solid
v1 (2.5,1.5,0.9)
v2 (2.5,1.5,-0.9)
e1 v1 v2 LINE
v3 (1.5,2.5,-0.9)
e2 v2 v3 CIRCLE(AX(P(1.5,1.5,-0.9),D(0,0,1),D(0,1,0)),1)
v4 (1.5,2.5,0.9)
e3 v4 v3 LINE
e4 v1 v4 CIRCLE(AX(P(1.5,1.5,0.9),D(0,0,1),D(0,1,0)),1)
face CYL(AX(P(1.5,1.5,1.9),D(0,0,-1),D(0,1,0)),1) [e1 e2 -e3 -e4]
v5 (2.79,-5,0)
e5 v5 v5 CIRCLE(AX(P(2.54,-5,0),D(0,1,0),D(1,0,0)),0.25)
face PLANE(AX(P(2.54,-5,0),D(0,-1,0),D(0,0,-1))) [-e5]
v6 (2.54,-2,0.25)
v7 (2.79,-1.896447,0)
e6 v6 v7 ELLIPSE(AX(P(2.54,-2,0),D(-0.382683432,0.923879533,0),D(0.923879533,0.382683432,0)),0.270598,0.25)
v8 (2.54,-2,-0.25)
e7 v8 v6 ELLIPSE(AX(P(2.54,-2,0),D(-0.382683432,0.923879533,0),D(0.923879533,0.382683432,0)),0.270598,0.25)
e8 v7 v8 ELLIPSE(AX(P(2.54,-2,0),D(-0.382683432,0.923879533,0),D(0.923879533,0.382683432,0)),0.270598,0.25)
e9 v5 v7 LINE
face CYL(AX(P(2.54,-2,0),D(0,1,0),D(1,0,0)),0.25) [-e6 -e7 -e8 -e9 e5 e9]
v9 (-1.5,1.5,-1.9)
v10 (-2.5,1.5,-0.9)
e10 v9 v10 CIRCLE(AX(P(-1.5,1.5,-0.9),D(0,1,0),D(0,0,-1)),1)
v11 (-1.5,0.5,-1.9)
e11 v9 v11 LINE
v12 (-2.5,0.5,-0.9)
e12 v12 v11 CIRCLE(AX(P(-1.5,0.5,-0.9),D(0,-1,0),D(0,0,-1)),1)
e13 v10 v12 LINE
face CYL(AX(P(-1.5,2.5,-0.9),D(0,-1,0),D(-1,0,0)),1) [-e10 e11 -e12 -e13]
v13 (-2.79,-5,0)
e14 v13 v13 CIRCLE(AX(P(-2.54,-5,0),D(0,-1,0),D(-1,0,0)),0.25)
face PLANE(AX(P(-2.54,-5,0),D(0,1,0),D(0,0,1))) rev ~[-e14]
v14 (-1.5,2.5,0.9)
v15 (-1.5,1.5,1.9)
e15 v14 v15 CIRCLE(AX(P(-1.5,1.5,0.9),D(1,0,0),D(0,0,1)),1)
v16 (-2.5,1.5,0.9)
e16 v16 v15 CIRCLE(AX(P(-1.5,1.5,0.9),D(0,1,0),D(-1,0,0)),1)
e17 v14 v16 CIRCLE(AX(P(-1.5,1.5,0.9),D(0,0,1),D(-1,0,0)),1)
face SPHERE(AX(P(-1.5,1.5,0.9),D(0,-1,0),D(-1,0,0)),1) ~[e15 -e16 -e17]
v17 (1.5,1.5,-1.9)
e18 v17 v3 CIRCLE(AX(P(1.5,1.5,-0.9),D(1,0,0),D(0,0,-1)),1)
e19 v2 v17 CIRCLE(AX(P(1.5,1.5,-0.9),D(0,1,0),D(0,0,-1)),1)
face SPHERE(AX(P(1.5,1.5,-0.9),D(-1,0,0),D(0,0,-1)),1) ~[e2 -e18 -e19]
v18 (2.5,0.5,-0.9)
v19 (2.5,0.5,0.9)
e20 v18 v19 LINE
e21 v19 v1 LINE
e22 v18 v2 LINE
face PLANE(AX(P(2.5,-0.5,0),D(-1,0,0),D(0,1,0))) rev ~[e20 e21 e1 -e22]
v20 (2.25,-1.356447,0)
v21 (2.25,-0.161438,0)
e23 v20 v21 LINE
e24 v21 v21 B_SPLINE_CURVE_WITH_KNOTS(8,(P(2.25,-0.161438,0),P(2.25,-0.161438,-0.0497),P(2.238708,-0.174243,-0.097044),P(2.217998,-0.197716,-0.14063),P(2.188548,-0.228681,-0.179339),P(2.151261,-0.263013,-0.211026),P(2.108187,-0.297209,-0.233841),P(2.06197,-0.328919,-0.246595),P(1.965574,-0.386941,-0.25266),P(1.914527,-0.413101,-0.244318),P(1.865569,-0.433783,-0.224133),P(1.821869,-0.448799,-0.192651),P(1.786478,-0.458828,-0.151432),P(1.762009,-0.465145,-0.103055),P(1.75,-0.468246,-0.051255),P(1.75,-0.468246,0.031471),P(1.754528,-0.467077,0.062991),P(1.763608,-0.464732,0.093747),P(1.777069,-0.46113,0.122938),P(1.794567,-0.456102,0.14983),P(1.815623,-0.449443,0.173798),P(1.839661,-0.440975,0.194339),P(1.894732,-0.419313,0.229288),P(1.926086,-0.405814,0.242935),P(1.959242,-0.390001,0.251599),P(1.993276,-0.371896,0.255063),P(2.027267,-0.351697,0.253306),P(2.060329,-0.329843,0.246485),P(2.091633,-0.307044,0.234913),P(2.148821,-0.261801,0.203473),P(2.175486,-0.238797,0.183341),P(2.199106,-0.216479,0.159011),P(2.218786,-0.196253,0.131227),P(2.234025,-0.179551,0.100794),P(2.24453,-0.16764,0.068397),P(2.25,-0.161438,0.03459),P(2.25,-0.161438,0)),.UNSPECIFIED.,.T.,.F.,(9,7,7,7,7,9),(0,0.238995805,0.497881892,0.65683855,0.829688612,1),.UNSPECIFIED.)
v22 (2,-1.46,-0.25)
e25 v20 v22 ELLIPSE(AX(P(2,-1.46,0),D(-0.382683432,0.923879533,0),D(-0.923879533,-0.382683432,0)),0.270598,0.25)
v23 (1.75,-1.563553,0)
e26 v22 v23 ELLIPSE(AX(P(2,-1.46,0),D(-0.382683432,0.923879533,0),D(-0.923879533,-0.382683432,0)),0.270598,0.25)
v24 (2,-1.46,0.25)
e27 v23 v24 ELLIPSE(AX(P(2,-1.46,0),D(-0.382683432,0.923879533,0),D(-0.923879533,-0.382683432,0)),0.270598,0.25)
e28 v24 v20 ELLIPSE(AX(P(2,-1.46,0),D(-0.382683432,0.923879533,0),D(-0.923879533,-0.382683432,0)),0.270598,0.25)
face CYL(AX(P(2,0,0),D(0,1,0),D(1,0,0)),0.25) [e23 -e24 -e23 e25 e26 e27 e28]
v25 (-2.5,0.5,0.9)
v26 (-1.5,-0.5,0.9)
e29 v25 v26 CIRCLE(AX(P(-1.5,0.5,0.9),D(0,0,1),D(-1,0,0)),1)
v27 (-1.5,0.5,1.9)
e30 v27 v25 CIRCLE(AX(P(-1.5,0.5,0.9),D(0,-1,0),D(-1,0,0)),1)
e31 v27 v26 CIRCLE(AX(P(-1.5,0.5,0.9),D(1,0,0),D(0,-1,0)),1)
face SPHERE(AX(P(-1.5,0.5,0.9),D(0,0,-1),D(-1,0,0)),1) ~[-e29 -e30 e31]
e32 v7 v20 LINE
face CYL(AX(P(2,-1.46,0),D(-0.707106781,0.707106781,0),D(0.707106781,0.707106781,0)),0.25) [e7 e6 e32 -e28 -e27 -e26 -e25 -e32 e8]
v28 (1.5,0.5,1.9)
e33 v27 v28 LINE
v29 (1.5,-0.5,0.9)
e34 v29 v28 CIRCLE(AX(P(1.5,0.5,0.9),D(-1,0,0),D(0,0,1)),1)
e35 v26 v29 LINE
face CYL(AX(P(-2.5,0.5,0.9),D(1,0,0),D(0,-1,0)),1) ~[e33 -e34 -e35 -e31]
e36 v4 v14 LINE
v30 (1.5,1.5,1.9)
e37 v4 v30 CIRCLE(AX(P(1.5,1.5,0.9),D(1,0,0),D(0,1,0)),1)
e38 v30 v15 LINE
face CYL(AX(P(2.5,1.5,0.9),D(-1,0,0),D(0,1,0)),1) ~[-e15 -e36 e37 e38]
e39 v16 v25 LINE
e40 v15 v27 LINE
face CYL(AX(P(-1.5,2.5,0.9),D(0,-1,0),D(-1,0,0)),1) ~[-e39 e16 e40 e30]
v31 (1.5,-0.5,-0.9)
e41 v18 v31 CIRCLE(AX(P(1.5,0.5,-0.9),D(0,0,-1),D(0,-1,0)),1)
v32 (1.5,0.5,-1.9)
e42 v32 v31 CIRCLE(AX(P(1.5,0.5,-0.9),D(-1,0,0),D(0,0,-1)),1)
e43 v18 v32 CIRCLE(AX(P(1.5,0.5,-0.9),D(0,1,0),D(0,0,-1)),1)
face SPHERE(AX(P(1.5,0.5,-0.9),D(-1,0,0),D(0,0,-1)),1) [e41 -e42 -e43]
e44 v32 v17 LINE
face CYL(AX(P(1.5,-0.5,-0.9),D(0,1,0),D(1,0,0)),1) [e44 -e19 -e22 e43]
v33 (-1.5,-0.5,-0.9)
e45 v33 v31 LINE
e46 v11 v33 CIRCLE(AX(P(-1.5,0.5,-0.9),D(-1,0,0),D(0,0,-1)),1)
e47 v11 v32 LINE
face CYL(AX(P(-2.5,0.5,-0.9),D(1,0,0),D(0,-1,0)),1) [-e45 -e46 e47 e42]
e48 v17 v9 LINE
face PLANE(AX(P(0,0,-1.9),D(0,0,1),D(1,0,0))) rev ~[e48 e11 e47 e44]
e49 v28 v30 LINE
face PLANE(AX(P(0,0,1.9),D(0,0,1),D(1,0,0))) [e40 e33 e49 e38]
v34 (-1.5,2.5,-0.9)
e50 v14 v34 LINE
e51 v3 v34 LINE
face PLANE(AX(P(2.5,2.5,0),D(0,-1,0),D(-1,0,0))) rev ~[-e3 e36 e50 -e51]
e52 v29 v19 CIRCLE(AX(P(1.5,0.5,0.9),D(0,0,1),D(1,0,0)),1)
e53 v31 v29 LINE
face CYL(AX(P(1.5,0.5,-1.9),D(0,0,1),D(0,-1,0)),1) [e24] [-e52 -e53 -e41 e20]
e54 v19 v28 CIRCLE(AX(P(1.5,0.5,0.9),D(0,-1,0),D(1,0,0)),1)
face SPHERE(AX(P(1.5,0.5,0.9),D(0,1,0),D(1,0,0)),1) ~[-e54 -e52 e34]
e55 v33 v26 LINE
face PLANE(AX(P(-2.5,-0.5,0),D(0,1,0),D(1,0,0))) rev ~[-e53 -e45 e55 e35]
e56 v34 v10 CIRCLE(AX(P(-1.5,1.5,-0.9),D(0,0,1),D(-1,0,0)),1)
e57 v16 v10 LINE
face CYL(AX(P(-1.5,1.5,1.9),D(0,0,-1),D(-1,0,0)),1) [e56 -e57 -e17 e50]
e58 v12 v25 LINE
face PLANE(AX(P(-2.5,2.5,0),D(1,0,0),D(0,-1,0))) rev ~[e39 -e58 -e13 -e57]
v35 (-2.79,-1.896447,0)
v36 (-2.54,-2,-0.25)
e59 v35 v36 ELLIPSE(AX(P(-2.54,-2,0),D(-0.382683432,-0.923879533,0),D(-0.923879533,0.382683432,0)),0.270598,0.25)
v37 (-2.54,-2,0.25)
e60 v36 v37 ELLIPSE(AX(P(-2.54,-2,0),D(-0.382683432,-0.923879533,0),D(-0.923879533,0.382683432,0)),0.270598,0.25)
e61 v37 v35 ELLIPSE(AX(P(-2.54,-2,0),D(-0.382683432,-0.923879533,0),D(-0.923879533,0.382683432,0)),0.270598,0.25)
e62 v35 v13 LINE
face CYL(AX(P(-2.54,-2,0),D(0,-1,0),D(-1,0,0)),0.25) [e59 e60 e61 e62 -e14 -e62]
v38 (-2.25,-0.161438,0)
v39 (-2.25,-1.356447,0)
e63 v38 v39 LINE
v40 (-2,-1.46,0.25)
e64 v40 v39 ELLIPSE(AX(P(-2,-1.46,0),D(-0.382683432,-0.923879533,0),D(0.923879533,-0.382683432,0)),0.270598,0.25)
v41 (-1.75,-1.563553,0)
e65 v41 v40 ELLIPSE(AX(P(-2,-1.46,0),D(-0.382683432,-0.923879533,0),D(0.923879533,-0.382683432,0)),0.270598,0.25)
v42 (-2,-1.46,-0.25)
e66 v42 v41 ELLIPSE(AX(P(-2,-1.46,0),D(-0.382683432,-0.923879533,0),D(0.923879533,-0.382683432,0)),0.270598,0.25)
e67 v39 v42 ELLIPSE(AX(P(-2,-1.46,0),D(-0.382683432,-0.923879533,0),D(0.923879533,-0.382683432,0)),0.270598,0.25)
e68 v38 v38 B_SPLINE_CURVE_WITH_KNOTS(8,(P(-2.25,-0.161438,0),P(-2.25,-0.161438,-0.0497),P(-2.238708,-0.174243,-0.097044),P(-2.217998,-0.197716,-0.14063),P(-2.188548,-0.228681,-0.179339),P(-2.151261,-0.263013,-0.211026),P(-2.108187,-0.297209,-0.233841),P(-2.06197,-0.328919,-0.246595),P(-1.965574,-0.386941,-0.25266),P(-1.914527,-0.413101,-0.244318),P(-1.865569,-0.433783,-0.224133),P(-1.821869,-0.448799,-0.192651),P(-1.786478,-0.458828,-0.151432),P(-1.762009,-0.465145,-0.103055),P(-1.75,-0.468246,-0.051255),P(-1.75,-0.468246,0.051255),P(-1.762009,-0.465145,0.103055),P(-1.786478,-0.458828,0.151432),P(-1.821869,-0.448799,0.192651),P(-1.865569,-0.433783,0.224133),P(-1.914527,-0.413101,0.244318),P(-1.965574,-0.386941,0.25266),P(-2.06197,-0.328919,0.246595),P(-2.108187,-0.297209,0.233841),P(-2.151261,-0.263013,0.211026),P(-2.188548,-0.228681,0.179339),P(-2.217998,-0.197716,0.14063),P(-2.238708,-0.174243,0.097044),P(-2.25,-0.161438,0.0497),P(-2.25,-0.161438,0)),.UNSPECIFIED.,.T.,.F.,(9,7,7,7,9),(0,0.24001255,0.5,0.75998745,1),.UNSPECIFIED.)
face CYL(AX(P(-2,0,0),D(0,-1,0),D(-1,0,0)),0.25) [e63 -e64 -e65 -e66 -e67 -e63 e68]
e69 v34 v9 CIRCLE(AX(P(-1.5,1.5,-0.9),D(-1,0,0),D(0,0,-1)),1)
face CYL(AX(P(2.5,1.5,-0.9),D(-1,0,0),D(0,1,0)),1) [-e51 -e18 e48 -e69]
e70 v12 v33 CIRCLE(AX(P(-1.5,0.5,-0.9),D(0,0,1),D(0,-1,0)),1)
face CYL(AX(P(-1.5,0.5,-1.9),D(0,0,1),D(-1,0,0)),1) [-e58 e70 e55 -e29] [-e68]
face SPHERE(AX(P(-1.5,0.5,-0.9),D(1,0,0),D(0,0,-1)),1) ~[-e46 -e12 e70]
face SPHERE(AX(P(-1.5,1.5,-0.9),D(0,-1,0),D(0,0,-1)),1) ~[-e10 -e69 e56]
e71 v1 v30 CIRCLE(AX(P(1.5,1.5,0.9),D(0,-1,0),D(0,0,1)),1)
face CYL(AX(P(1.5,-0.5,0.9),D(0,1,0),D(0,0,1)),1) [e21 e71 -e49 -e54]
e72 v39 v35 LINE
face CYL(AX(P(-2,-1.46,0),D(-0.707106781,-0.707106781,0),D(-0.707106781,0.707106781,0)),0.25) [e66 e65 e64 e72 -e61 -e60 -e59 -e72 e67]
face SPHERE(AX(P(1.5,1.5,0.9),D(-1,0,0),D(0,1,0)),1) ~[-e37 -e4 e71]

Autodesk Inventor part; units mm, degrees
ref_plane "YZ Plane" through (0, 0, 0) normal (1, 0, 0) x (0, 1, 0)
ref_plane "XZ Plane" through (0, 0, 0) normal (0, 1, 0) x (-1, 0, 0)
ref_plane "XY Plane" through (0, 0, 0) normal (0, 0, 1) x (1, 0, 0)
sketch "Sketch1" plane through (0, 0, 0) normal (0, 0, 1) x (1, 0, 0)
  line L0 (-2.5, -0.5) -> (2.5, -0.5)
  line L1 (2.5, -0.5) -> (2.5, 2.5)
  line L2 (2.5, 2.5) -> (-2.5, 2.5)
  line L3 (-2.5, 2.5) -> (-2.5, -0.5)
  line L4 (-2.5, -0.5) -> (2.5, 2.5) construction
  line L5 (2.5, -0.5) -> (-2.5, 2.5) construction
  point P0 (0, 0)
  point P1 (0, 1)
  dimension "d0" = 5
  dimension "d1" = 3
  dimension "d10" = 1
  dimension "d11" = 0
extrude "Extrusion1" add sketch "Sketch1" along normal mid plane 3.8
sketch "Sketch2" plane through (0, 0, 0) normal (0, 0, 1) x (1, 0, 0)
  line L0 (0, 0) -> (-2, 0)
  line L1 (-2, 0) -> (-2, -1.46)
  line L2 (-2, -1.46) -> (-2.54, -2)
  line L3 (-2.54, -2) -> (-2.54, -5)
  line L4 (0, 0) -> (0, -4.5028) construction
  line L5 (0, 0) -> (2, 0)
  line L6 (2, 0) -> (2, -1.46)
  line L7 (2, -1.46) -> (2.54, -2)
  line L8 (2.54, -2) -> (2.54, -5)
  dimension "d4" = 3
  dimension "d5" = 2.54
  dimension "d6" = 45
  dimension "d8" = 2
  dimension "d9" = 2
fillet "Fillet1" radius 1 12 edges at (0, -0.5, -1.9) (-2.5, 1, -1.9) (0, 2.5, -1.9) (2.5, 1, -1.9) (-2.5, -0.5, 0) (-2.5, 1, 1.9) (-2.5, 2.5, 0) (0, 2.5, 1.9) (2.5, 2.5, 0) (2.5, 1, 1.9) (2.5, -0.5, 0) (0, -0.5, 1.9)
sketch "Sketch3" plane through (0, 0, 0) normal (1, 0, 0) x (0, 1, 0)
  circle A0 centre (0, 0) radius 0.25
  dimension "d13" = 0.5
sweep "Sweep1" add profiles "Sketch3" path "Sketch2"
properties part number "Capacitor"
